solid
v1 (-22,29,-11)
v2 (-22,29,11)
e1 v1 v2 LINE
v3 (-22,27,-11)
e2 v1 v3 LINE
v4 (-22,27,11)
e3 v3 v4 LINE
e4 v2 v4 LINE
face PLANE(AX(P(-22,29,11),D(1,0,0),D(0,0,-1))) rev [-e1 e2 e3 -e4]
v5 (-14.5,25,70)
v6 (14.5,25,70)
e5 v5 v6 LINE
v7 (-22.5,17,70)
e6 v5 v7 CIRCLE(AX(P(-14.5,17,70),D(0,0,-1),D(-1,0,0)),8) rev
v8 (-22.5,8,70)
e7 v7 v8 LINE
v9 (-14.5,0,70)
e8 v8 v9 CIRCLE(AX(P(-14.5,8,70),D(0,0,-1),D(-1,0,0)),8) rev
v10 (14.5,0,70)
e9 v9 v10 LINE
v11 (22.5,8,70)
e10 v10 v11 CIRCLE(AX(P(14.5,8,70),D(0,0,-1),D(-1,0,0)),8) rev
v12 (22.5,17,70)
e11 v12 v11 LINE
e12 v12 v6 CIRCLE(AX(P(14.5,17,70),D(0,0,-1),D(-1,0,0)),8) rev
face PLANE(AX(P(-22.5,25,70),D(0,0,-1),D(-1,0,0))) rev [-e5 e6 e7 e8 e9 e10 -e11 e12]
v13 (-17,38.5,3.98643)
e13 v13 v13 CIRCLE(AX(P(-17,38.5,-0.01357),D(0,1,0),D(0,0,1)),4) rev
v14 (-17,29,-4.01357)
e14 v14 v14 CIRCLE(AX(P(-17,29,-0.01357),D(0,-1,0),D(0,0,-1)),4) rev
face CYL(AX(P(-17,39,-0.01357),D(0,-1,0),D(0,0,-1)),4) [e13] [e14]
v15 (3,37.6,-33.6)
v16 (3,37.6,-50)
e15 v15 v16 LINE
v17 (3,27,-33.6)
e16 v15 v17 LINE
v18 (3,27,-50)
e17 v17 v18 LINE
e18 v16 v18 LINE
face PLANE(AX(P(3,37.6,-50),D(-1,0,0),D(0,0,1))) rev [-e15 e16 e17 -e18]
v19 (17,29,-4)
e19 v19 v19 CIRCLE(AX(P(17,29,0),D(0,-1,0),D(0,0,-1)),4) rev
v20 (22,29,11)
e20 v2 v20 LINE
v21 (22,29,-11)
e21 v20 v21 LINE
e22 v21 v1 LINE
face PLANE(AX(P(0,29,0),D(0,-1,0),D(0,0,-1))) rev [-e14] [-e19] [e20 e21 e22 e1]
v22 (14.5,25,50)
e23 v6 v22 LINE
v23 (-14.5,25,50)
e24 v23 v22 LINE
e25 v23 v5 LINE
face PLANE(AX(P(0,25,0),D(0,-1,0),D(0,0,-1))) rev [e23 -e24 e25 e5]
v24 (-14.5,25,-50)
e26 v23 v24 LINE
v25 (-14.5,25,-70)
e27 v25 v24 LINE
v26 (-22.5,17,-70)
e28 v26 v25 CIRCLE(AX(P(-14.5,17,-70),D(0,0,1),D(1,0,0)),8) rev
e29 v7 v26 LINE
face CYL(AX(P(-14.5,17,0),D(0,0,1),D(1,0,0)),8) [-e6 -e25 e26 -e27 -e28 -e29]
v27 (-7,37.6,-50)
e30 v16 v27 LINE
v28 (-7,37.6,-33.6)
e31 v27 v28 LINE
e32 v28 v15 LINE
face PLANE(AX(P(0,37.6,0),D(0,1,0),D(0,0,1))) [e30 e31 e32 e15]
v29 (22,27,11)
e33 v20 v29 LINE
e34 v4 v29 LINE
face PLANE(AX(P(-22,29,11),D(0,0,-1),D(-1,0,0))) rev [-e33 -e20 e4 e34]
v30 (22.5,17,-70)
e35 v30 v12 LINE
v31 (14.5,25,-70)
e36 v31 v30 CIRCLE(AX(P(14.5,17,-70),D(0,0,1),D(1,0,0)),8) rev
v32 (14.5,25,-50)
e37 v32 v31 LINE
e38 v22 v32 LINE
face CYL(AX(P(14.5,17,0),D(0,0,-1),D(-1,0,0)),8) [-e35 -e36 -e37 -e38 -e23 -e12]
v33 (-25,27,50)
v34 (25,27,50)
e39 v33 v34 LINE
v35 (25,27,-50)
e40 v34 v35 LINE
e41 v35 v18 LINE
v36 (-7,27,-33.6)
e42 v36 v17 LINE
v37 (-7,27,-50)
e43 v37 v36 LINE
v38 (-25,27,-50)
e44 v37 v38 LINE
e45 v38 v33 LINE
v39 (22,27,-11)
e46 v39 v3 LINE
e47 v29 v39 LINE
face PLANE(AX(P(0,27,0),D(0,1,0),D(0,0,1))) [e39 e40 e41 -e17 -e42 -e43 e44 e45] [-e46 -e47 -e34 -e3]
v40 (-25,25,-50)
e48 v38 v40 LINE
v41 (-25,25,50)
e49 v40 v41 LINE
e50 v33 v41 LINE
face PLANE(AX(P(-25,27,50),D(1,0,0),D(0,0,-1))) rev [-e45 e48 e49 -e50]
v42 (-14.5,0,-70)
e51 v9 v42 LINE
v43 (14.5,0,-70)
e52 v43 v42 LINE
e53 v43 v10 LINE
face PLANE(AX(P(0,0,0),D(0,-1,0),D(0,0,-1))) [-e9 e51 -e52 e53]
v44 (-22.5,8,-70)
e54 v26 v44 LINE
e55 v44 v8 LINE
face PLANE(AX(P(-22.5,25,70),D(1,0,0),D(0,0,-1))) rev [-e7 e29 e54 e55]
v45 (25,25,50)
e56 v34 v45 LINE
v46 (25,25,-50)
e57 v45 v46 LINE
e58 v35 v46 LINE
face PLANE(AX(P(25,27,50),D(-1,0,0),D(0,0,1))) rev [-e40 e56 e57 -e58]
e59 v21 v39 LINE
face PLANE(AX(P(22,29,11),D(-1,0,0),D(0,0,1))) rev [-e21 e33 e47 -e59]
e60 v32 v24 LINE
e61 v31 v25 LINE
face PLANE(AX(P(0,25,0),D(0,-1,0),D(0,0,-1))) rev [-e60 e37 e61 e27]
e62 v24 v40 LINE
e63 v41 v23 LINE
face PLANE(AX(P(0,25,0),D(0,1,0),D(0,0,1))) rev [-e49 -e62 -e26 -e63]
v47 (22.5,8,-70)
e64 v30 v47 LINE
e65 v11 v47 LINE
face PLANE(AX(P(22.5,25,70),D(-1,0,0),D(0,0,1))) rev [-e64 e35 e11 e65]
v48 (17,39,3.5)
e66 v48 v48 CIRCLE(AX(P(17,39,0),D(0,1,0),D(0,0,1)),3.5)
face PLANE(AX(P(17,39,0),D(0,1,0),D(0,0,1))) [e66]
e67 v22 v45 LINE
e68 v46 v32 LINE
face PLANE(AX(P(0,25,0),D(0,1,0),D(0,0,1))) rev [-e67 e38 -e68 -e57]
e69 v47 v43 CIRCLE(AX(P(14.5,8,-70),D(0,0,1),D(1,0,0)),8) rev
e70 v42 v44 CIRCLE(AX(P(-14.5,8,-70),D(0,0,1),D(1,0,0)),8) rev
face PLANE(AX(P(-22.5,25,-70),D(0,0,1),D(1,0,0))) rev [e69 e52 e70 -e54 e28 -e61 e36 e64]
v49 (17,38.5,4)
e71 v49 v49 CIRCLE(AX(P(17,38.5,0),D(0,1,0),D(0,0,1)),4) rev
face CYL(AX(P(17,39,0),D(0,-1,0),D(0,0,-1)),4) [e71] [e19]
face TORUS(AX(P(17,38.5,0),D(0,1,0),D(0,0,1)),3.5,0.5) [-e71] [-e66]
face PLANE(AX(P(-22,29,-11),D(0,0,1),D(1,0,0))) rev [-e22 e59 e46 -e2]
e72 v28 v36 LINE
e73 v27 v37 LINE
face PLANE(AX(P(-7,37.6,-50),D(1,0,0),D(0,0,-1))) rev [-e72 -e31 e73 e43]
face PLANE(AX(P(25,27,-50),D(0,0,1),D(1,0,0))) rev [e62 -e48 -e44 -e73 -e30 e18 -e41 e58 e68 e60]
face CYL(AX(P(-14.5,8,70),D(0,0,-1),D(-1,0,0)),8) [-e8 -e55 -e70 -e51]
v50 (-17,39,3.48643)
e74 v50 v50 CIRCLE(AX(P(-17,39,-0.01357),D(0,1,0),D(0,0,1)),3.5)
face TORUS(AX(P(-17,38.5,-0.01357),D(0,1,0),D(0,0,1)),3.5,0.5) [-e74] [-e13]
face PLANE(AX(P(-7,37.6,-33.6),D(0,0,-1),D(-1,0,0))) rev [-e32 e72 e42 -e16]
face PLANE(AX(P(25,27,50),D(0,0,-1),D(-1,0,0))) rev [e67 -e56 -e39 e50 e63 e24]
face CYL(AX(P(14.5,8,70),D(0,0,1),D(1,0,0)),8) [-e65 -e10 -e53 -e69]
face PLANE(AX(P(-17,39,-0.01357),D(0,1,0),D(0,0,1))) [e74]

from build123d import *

# Parameters (mm, degrees)
SKIZZE1_W                       = 45
SKIZZE1_H                       = 140
AUFSATZ_LINEAR_AUSTRAGEN1_DEPTH = 25
VERRUNDUNG1_R                   = 8
SKIZZE2_W                       = 50
SKIZZE2_H                       = 100
AUFSATZ_LINEAR_AUSTRAGEN2_DEPTH = 2
SKIZZE4_W                       = 10
SKIZZE4_H                       = 16.4
AUFSATZ_LINEAR_AUSTRAGEN3_DEPTH = 10.6
SKIZZE5_W                       = 44
SKIZZE5_H                       = 22
AUFSATZ_LINEAR_AUSTRAGEN4_DEPTH = 2
SKIZZE6_R                       = 4
AUFSATZ_LINEAR_AUSTRAGEN5_DEPTH = 10
VERRUNDUNG2_R                   = 0.5


with BuildPart() as part:
    # Skizze1 → Aufsatz-Linear austragen1 (new body)
    with BuildSketch(Plane(origin=(0, 0, 0), x_dir=(1, 0, 0), z_dir=(0, 1, 0))):
        Rectangle(SKIZZE1_W, SKIZZE1_H)
    extrude(amount=AUFSATZ_LINEAR_AUSTRAGEN1_DEPTH)

    # Verrundung1
    verrundung1_edges = [part.edges().sort_by_distance(p)[0] for p in [
        (-22.5, 25, 0),
        (22.5, 25, 0),
        (-22.5, 0, 0),
        (22.5, 0, 0),
    ]]
    fillet(verrundung1_edges, radius=VERRUNDUNG1_R)

    # Skizze2 → Aufsatz-Linear austragen2 (add)
    with BuildSketch(Plane(origin=(0, 25, 0), x_dir=(1, 0, 0), z_dir=(0, 1, 0))):
        Rectangle(SKIZZE2_W, SKIZZE2_H)
    extrude(amount=AUFSATZ_LINEAR_AUSTRAGEN2_DEPTH)

    # Skizze4 → Aufsatz-Linear austragen3 (add)
    with BuildSketch(Plane(origin=(0, 27, 0), x_dir=(1, 0, 0), z_dir=(0, 1, 0))):
        with Locations((-2, 41.8)):
            Rectangle(SKIZZE4_W, SKIZZE4_H)
    extrude(amount=AUFSATZ_LINEAR_AUSTRAGEN3_DEPTH)



with BuildPart() as body_2:
    # Skizze5 → Aufsatz-Linear austragen4 (new body)
    with BuildSketch(Plane(origin=(0, 27, 0), x_dir=(1, 0, 0), z_dir=(0, 1, 0))):
        Rectangle(SKIZZE5_W, SKIZZE5_H)
    extrude(amount=AUFSATZ_LINEAR_AUSTRAGEN4_DEPTH)


with BuildPart() as part_1:
    add(part.part)

    add(body_2.part)  # Aufsatz-Linear austragen5 merges body 2
    # Skizze6 → Aufsatz-Linear austragen5 (add)
    with BuildSketch(Plane(origin=(0, 29, 0), x_dir=(1, 0, 0), z_dir=(0, 1, 0))):
        with Locations(Location((17, 0, 0), (0, 0, 90))):
            Circle(SKIZZE6_R)
        with Locations(Location((-17, 0.013570227, 0), (0, 0, 90))):
            Circle(SKIZZE6_R)
    extrude(amount=AUFSATZ_LINEAR_AUSTRAGEN5_DEPTH)

    # Verrundung2
    verrundung2_edges = [part_1.edges().sort_by_distance(p)[0] for p in [
        (17, 39, 4),
        (-17, 39, 3.986429773),
    ]]
    fillet(verrundung2_edges, radius=VERRUNDUNG2_R)


solid = part_1.part
